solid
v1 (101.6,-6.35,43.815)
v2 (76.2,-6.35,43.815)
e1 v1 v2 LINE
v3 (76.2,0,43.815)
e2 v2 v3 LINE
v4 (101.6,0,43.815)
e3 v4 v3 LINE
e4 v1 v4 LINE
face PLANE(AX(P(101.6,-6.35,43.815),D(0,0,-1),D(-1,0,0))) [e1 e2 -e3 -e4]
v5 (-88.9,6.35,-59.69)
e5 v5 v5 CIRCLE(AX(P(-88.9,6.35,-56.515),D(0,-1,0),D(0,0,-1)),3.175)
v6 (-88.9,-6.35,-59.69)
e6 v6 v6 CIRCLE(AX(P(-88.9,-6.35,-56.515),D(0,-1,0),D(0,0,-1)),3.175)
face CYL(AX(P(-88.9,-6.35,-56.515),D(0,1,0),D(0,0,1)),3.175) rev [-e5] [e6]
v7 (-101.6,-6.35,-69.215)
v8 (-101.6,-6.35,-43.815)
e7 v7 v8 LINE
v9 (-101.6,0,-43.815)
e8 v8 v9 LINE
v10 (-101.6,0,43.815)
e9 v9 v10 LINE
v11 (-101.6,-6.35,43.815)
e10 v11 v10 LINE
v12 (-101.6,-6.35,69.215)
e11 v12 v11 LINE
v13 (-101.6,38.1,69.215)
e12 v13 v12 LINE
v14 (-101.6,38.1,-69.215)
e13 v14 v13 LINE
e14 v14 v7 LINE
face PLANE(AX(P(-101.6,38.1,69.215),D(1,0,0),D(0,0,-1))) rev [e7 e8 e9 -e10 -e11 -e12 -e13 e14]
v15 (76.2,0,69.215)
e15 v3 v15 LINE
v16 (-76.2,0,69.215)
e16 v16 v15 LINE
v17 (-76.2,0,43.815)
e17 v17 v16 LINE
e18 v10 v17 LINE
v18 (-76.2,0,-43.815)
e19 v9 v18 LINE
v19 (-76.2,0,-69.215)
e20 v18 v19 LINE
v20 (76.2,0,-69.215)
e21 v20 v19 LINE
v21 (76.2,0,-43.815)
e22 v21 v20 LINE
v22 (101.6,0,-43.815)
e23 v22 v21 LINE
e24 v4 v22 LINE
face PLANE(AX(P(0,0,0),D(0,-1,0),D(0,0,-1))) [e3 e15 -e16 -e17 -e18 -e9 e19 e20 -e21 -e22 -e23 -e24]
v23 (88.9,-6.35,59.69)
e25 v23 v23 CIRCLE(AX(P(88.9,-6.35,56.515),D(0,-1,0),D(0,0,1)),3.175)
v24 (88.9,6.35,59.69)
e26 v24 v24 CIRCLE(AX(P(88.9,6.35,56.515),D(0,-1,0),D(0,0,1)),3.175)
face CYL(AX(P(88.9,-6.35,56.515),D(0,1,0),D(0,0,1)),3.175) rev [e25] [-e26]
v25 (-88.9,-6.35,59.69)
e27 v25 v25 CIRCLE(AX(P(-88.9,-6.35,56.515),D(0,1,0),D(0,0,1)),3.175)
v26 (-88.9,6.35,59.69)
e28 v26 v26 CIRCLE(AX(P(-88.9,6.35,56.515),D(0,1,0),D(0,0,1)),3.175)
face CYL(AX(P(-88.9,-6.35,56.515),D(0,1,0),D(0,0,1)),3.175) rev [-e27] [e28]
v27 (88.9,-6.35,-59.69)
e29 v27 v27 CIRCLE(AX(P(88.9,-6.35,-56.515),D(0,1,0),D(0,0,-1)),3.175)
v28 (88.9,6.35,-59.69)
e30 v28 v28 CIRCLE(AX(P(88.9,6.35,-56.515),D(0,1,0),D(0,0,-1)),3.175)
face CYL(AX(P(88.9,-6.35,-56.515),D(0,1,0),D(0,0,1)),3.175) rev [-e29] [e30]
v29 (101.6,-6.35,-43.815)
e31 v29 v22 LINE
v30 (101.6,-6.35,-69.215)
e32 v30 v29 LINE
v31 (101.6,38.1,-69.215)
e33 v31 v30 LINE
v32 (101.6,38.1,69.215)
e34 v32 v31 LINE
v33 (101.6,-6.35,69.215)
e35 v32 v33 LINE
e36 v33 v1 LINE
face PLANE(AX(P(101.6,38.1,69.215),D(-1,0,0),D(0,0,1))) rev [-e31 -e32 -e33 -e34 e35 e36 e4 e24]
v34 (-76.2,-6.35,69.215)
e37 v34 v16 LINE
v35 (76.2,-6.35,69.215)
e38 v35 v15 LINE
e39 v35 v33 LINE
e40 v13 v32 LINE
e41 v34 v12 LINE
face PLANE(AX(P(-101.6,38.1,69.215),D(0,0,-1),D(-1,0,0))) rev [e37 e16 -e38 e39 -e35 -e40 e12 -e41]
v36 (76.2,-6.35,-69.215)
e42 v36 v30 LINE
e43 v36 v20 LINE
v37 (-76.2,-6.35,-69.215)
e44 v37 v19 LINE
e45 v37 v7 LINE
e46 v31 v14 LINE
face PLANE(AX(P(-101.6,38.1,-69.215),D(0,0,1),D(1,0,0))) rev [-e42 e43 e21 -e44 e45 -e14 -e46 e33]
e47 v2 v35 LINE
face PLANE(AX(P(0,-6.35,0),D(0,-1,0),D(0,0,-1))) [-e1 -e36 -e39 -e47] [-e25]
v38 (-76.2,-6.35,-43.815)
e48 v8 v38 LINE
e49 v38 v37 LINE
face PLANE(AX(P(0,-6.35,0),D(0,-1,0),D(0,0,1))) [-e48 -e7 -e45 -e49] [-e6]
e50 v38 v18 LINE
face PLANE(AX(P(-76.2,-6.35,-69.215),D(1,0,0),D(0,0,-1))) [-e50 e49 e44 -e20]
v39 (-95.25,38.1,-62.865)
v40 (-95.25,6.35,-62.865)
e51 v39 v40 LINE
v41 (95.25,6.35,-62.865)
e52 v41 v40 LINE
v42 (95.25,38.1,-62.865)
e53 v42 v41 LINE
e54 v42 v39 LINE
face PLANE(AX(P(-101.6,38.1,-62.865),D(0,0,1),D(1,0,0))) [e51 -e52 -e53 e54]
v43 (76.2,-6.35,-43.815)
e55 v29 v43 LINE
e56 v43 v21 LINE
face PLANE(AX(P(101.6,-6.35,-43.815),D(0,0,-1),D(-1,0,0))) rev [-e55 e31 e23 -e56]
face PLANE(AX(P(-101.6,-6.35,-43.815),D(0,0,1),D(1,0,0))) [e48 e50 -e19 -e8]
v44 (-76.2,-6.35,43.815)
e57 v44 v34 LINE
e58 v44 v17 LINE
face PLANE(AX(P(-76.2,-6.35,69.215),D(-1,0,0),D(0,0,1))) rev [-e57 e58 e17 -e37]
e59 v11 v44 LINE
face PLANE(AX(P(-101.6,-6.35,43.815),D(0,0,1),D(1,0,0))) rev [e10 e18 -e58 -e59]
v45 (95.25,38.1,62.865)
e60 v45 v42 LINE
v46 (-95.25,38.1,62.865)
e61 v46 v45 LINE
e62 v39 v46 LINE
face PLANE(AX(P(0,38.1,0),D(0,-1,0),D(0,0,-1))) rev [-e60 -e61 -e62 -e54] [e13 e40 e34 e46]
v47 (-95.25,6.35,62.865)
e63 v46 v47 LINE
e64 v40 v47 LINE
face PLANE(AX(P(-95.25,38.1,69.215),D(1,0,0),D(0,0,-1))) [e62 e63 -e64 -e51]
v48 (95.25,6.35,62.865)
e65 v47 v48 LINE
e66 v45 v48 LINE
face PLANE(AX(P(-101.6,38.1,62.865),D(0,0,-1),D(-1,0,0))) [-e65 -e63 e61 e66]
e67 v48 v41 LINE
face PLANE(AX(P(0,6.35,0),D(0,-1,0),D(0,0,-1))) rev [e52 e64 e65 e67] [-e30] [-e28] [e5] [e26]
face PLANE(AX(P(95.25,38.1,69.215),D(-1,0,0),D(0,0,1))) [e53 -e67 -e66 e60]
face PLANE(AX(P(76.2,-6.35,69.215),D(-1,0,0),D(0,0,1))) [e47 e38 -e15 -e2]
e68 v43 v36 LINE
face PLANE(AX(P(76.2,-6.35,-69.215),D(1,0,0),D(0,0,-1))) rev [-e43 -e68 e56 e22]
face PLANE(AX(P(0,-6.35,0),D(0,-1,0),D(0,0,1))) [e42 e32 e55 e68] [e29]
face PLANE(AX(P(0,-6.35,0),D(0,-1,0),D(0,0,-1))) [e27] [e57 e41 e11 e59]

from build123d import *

# Parameters (mm, degrees)
SKETCH1_W               = 203.2
SKETCH1_H               = 138.43
BOSS_EXTRUDE2_DEPTH     = 38.1
SHELL1_T                = -6.35
SKETCH2_W               = 25.4
SKETCH2_H               = 25.4
BOSS_EXTRUDE4_DEPTH     = 6.35
SKETCH3_R               = 3.175
CUT_EXTRUDE1_DEPTH      = 13.7
MIRROR4_COPY_1_SKETCH_W = 25.4
MIRROR4_COPY_1_SKETCH_H = 25.4
MIRROR4_COPY_1_DEPTH    = 6.35
MIRROR4_COPY_2_SKETCH_R = 3.175
MIRROR4_COPY_2_DEPTH    = 13.7


with BuildPart() as part:
    # Sketch1 → Boss-Extrude2 (new body)
    with BuildSketch(Plane(origin=(0, 0, 0), x_dir=(1, 0, 0), z_dir=(0, 1, 0))):
        Rectangle(SKETCH1_W, SKETCH1_H)
    extrude(amount=BOSS_EXTRUDE2_DEPTH)

    # Shell1
    shell1_openings = [part.faces().sort_by_distance(p)[0] for p in [
        (0, 38.1, 0),
    ]]
    offset(amount=SHELL1_T, openings=shell1_openings, kind=Kind.INTERSECTION)

    # Sketch2 → Boss-Extrude4 (add)
    with BuildSketch(Plane.XZ):
        with Locations((-88.9, 56.515)):
            Rectangle(SKETCH2_W, SKETCH2_H)
    boss_extrude4 = extrude(amount=BOSS_EXTRUDE4_DEPTH)

    # Sketch3 → Cut-Extrude1 (cut, through all)
    with BuildSketch(Plane(origin=(0, 6.35, 0), x_dir=(1, 0, 0), z_dir=(0, 1, 0))):
        with Locations((-88.9, -56.515)):
            Circle(SKETCH3_R)
    cut_extrude1 = extrude(amount=-CUT_EXTRUDE1_DEPTH, mode=Mode.SUBTRACT)

    # Mirror3: Boss-Extrude4, Cut-Extrude1 across plane
    add(boss_extrude4.mirror(Plane(origin=(0, 0, 0), x_dir=(0, 0, 1), z_dir=(1, 0, 0))))
    add(cut_extrude1.mirror(Plane(origin=(0, 0, 0), x_dir=(0, 0, 1), z_dir=(1, 0, 0))), mode=Mode.SUBTRACT)

    # Mirror4: Boss-Extrude4, Cut-Extrude1 across plane
    add(boss_extrude4.mirror(Plane.XY))
    add(cut_extrude1.mirror(Plane.XY), mode=Mode.SUBTRACT)

    # Mirror4 copy 1 sketch → Mirror4 copy 1 (add)
    with BuildSketch(Plane(origin=(0, 0, 0), x_dir=(-1, 0, 0), z_dir=(0, -1, 0))):
        with Locations((-88.9, 56.515)):
            Rectangle(MIRROR4_COPY_1_SKETCH_W, MIRROR4_COPY_1_SKETCH_H)
    extrude(amount=MIRROR4_COPY_1_DEPTH)

    # Mirror4 copy 2 sketch → Mirror4 copy 2 (cut, through all)
    with BuildSketch(Plane(origin=(0, 6.35, 0), x_dir=(-1, 0, 0), z_dir=(0, 1, 0))):
        with Locations((-88.9, -56.515)):
            Circle(MIRROR4_COPY_2_SKETCH_R)
    extrude(amount=-MIRROR4_COPY_2_DEPTH, mode=Mode.SUBTRACT)


solid = part.part
